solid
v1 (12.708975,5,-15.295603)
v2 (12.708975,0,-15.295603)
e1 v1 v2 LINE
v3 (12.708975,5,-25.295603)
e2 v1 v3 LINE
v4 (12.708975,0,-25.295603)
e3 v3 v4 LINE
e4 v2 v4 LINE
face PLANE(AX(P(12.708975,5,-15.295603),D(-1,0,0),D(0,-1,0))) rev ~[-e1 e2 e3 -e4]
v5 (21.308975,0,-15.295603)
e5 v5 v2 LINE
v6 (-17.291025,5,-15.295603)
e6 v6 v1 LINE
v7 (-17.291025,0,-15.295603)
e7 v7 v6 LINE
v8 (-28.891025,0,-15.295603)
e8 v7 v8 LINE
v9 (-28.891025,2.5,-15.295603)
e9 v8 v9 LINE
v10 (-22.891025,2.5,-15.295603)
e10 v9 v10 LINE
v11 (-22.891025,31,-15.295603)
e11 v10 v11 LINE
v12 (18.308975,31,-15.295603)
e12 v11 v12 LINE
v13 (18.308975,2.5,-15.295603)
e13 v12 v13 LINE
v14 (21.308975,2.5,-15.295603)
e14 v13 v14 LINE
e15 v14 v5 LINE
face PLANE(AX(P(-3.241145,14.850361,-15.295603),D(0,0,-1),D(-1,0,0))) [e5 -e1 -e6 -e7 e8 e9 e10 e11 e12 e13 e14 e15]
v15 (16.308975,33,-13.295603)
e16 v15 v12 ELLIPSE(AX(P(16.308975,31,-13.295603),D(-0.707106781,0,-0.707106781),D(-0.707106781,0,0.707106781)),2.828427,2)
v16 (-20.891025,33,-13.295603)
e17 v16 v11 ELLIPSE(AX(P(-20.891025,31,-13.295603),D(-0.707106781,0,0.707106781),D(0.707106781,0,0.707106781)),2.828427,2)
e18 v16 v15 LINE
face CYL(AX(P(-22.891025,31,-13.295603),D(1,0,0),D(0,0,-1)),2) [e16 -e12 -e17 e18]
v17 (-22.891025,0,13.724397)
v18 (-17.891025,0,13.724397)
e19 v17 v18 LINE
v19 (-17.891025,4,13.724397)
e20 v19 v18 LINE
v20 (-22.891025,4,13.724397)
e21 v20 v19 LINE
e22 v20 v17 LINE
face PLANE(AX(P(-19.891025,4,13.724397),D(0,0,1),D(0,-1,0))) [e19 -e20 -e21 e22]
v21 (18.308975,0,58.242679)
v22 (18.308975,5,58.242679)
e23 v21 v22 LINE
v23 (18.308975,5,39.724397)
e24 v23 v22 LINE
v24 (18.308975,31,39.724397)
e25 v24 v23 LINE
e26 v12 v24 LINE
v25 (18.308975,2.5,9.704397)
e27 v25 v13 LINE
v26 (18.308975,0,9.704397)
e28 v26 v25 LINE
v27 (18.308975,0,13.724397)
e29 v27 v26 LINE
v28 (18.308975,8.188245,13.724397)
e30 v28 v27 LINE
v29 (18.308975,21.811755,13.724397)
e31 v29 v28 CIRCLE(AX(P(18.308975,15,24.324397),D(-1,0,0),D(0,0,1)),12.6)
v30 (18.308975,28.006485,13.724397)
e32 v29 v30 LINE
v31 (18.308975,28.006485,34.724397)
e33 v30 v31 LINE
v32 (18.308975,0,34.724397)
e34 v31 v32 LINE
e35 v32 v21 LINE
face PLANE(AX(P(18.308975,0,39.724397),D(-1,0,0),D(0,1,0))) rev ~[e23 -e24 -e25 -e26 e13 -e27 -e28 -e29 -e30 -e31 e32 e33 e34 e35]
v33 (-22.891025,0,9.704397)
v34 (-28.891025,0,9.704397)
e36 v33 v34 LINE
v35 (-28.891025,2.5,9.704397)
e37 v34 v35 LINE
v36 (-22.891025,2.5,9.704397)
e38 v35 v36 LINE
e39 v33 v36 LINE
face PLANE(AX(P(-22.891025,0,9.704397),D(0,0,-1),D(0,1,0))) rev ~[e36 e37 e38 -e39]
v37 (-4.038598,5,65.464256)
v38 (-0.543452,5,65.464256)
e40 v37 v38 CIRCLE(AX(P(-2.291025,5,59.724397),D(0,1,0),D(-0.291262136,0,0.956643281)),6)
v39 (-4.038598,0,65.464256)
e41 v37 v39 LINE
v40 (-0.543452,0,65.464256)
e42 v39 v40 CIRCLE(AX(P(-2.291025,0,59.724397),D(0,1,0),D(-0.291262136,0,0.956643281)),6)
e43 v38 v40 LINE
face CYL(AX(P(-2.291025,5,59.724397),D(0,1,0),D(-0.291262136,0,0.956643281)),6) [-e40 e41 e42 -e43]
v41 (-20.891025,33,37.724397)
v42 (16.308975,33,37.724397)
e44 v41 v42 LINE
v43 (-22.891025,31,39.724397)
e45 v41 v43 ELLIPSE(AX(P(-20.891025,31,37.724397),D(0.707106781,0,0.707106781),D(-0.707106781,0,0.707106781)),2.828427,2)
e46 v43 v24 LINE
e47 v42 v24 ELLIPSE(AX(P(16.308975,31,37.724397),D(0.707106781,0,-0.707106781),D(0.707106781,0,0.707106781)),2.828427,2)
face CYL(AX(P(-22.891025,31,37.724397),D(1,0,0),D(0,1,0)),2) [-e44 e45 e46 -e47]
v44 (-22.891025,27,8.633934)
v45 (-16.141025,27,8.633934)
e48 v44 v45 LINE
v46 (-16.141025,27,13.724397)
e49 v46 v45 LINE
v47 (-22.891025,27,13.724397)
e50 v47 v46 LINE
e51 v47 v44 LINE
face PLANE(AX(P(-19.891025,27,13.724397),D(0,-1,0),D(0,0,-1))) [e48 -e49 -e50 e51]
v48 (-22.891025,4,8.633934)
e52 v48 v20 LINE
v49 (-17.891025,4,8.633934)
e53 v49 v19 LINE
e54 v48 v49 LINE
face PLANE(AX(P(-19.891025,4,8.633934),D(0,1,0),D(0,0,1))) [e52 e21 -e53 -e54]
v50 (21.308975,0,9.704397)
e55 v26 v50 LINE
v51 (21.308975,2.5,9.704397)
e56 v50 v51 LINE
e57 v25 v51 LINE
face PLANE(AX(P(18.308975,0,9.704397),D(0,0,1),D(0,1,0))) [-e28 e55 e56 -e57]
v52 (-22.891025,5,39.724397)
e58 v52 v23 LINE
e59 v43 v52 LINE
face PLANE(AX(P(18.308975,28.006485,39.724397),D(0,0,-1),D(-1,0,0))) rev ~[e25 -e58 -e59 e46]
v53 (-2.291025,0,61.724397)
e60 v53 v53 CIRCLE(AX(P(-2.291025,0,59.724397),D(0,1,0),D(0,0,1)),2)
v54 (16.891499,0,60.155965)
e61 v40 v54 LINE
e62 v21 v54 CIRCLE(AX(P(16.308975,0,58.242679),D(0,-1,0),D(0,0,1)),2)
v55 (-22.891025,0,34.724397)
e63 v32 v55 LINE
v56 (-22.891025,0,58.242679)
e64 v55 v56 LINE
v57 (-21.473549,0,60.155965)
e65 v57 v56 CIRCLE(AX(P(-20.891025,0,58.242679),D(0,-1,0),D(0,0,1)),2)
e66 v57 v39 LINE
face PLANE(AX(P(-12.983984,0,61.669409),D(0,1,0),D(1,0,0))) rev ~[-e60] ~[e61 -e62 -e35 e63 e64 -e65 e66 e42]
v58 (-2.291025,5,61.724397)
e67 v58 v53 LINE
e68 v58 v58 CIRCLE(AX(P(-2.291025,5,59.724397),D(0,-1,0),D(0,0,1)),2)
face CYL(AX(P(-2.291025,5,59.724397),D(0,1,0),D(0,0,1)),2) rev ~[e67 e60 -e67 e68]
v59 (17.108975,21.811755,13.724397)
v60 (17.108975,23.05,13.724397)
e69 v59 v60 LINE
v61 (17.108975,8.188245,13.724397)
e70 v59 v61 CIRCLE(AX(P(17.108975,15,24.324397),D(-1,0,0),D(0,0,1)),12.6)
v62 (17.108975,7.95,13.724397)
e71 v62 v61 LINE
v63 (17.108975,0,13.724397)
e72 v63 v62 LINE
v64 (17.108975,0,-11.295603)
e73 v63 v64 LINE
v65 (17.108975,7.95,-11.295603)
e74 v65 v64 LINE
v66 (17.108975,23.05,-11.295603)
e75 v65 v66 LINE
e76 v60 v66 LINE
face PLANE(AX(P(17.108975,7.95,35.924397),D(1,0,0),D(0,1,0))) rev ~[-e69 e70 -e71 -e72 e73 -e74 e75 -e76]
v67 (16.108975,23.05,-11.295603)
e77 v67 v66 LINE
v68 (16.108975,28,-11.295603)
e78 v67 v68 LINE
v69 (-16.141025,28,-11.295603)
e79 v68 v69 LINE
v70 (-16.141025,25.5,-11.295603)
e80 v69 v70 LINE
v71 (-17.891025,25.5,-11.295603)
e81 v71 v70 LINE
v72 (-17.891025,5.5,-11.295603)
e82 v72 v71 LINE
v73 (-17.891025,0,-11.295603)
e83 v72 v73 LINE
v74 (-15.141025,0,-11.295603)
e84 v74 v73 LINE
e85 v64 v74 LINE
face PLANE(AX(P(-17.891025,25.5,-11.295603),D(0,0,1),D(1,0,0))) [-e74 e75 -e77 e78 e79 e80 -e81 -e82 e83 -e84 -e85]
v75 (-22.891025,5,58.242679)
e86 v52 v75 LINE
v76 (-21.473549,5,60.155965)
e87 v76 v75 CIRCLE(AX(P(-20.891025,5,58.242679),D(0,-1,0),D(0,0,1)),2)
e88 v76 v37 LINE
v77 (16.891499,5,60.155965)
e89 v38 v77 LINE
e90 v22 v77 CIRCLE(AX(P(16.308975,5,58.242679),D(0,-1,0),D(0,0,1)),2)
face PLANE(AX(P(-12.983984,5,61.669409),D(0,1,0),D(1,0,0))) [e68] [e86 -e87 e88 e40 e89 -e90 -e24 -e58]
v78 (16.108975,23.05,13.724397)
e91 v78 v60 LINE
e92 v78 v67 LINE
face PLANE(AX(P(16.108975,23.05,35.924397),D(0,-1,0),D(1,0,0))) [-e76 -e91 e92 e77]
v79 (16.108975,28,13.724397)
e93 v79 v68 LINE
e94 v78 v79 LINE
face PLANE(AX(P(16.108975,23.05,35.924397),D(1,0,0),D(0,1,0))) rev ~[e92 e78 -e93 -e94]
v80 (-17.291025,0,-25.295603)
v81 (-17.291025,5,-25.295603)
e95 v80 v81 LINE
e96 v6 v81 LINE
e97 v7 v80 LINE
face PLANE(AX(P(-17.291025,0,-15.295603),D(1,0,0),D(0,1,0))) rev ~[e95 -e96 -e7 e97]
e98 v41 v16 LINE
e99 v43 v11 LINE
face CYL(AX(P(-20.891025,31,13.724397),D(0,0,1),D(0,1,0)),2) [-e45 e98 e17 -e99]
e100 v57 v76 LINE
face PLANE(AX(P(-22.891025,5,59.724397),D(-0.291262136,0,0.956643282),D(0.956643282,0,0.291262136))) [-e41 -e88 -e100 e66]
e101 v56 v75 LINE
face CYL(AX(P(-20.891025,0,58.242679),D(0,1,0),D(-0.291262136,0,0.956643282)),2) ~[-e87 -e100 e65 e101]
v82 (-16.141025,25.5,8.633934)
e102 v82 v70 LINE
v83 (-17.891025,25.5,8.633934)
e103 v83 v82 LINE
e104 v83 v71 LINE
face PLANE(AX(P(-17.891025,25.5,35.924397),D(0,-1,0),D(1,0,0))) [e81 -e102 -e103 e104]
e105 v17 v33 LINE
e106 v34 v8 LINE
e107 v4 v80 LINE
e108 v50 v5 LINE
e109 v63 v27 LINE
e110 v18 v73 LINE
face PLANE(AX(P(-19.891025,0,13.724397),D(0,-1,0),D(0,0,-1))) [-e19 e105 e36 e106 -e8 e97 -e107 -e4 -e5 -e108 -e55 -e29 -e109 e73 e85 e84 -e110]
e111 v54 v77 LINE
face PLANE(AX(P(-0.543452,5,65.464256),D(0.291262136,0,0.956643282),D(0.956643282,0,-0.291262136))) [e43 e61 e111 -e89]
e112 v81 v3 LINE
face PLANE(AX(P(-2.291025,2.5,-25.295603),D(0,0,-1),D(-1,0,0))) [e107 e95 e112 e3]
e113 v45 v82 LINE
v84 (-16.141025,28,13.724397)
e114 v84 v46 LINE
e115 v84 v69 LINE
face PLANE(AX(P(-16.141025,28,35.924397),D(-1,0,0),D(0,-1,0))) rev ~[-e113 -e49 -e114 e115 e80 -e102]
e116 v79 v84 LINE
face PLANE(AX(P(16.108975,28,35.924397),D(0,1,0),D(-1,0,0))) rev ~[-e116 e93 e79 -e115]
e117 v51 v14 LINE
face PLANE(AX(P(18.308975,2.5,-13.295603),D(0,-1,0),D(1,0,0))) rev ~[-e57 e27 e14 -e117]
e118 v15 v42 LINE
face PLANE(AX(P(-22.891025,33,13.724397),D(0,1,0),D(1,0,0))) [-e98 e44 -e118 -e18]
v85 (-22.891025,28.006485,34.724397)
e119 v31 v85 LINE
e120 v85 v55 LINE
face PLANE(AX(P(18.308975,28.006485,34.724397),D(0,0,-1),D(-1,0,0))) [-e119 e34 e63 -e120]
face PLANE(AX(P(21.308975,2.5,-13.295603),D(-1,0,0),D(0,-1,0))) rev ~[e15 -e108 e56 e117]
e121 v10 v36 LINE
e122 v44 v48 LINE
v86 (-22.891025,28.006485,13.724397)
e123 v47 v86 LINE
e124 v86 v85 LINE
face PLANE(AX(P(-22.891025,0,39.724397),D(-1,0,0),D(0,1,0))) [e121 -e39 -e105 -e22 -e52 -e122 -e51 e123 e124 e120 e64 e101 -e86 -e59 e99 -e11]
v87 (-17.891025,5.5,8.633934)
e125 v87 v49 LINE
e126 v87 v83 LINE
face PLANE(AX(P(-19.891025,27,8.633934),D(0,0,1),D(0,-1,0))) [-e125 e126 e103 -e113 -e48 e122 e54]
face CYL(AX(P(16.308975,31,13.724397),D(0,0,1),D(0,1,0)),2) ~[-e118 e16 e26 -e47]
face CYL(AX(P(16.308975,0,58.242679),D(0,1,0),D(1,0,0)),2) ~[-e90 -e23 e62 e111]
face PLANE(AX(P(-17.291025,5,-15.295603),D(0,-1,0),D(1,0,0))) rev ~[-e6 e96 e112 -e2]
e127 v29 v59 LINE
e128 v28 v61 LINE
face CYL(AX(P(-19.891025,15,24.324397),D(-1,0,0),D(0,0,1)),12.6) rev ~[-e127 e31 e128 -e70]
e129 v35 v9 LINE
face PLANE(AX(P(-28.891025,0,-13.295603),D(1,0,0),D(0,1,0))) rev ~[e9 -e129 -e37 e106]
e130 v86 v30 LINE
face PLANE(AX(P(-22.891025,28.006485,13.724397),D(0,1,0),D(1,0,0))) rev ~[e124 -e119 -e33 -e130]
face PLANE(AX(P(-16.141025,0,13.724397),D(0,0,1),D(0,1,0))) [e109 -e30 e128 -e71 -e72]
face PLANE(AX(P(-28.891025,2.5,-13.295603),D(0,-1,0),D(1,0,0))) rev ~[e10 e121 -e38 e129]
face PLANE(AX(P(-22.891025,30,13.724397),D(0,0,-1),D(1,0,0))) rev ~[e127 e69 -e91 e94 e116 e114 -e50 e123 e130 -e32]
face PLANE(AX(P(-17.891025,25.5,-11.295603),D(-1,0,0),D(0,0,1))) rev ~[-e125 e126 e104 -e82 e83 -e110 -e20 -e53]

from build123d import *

# Parameters (mm, degrees)
SKETCH1_W            = 39
SKETCH1_H            = 49.22
BOSS_EXTRUDE2_DEPTH  = 30
SKETCH3_W            = 1.75
SKETCH3_H            = 20
SKETCH3_W_2          = 1
SKETCH3_H_2          = 15.1
CUT_EXTRUDE3_DEPTH   = 47.22
CUT_EXTRUDE4_DEPTH   = 47.22
CUT_EXTRUDE5_DEPTH   = 3.75
SKETCH9_W            = 22.2
SKETCH9_H            = 30
CUT_EXTRUDE7_DEPTH   = 61.922592565
SKETCH11_W           = 0.8
SKETCH11_H           = 21.811754546
SKETCH11_H_2         = 8.188245454
CUT_EXTRUDE8_DEPTH   = 46.008146799
SKETCH12_W           = 23
SKETCH12_H           = 2.5
BOSS_EXTRUDE3_DEPTH  = 3
SKETCH13_W           = 23
SKETCH13_H           = 2.5
BOSS_EXTRUDE4_DEPTH  = 3
BOSS_EXTRUDE5_REACH  = 51.909
SKETCH14_W           = 27.02
SKETCH14_H           = 3
SKETCH15_W           = 30.25
SKETCH15_H           = 3
CUT_EXTRUDE9_DEPTH   = 25.02
SKETCH16_W           = 30.25
SKETCH16_H           = 3
CUT_EXTRUDE10_DEPTH  = 46.276919382
SKETCH24_W           = 23
SKETCH24_H           = 2.5
BOSS_EXTRUDE8_DEPTH  = 6
BOSS_EXTRUDE9_DEPTH  = 3
SKETCH26_W           = 41.2
SKETCH26_H           = 27.02
BOSS_EXTRUDE10_DEPTH = 3
SKETCH29_W           = 4.264424859
SKETCH29_H           = 26.447816837
CUT_EXTRUDE14_DEPTH  = 41.905994632
SKETCH30_W           = 3.981396999
SKETCH30_H           = 33.655588154
CUT_EXTRUDE15_DEPTH  = 40.425282457
BOSS_EXTRUDE15_DEPTH = 2
BOSS_EXTRUDE16_DEPTH = 2
SKETCH36_W           = 41.2
SKETCH36_H           = 4.993514727
BOSS_EXTRUDE17_DEPTH = 26
SKETCH37_W           = 41.2
SKETCH37_H           = 5
BOSS_EXTRUDE18_DEPTH = 28.006485273
SKETCH38_W           = 41.2
SKETCH38_H           = 5
BOSS_EXTRUDE19_DEPTH = 20
BOSS_EXTRUDE21_DEPTH = 5
SKETCH40_R           = 2
CUT_EXTRUDE16_DEPTH  = 78.060934741
FILLET1_R            = 2
BOSS_EXTRUDE22_DEPTH = 10


with BuildPart() as part:
    # Sketch1 → Boss-Extrude2 (new body)
    with BuildSketch(Plane(origin=(0, 0, 0), x_dir=(1, 0, 0), z_dir=(0, 1, 0))):
        with Locations((-0.391025069, -11.314396792)):
            Rectangle(SKETCH1_W, SKETCH1_H)
    extrude(amount=BOSS_EXTRUDE2_DEPTH)

    # Sketch3 → Cut-Extrude3 (cut)
    with BuildSketch(Plane.XY.offset(35.924396792)):
        Polygon((16.108974931, 23.05), (16.108974931, 28), (-16.141025069, 28), (-16.141025069, 25.5), (-16.141025069, 5.5), (-16.141025069, 0), (16.108974931, 0), (16.108974931, 7.95), align=None)
        with Locations((-17.016025069, 15.5)):
            Rectangle(SKETCH3_W, SKETCH3_H)
        with Locations((16.608974931, 15.5)):
            Rectangle(SKETCH3_W_2, SKETCH3_H_2)
    extrude(amount=-CUT_EXTRUDE3_DEPTH, mode=Mode.SUBTRACT)

    # Sketch7 → Cut-Extrude4 (cut)
    with BuildSketch(Plane.ZY.offset(19.891025069)):
        with BuildLine():
            ThreePointArc((11.724396792, 15), (24.324396792, 2.4), (36.924396792, 15))
            ThreePointArc((36.924396792, 15), (24.324396792, 27.6), (11.724396792, 15))
        make_face()
    extrude(amount=-CUT_EXTRUDE4_DEPTH, mode=Mode.SUBTRACT)

    # Sketch8 → Cut-Extrude5 (cut)
    with BuildSketch(Plane.ZY.offset(19.891025069)):
        with BuildLine():
            Line((35.924396792, 30), (17.633933867, 30))
            Line((17.633933867, 30), (17.633933867, 27))
            Line((17.633933867, 27), (8.633933867, 27))
            Line((8.633933867, 27), (8.633933867, 4))
            Line((8.633933867, 4), (17.633933867, 4))
            Line((17.633933867, 4), (17.633933867, 0))
            Line((17.633933867, 0), (35.924396792, 0))
            Line((35.924396792, 0), (35.924396792, 10.08065045))
            ThreePointArc((35.924396792, 10.08065045), (11.724396792, 15), (35.924396792, 19.91934955))
            Line((35.924396792, 19.91934955), (35.924396792, 30))
        make_face()
    extrude(amount=-CUT_EXTRUDE5_DEPTH, mode=Mode.SUBTRACT)

    # Sketch9 → Cut-Extrude7 (cut, through all)
    with BuildSketch(Plane(origin=(19.108974931, 0, 0), x_dir=(0, 0, -1), z_dir=(1, 0, 0))):
        with Locations((-24.824396792, 15)):
            Rectangle(SKETCH9_W, SKETCH9_H)
    extrude(amount=-CUT_EXTRUDE7_DEPTH, mode=Mode.SUBTRACT)

    # Sketch11 → Cut-Extrude8 (cut, through all)
    with BuildSketch(Plane.XY.offset(13.724396792)):
        with Locations((18.708974931, 19.094122727)):
            Rectangle(SKETCH11_W, SKETCH11_H)
        with Locations((18.708974931, 4.094122727)):
            Rectangle(SKETCH11_W, SKETCH11_H_2)
    extrude(amount=-CUT_EXTRUDE8_DEPTH, mode=Mode.SUBTRACT)

    # Sketch12 → Boss-Extrude3 (add)
    with BuildSketch(Plane(origin=(18.308974931, 0, 0), x_dir=(0, 0, -1), z_dir=(1, 0, 0))):
        with Locations((1.795603208, 1.25)):
            Rectangle(SKETCH12_W, SKETCH12_H)
    extrude(amount=BOSS_EXTRUDE3_DEPTH)

    # Sketch13 → Boss-Extrude4 (add)
    with BuildSketch(Plane.ZY.offset(19.891025069)):
        with Locations((-1.795603208, 1.25)):
            Rectangle(SKETCH13_W, SKETCH13_H)
    extrude(amount=BOSS_EXTRUDE4_DEPTH)

    # Sketch14 → Boss-Extrude5 (add, up to next)
    with BuildSketch(Plane(origin=(-16.141025069, 0, 0), x_dir=(0, 0, -1), z_dir=(1, 0, 0)), mode=Mode.PRIVATE) as boss_extrude5_sk1:
        with Locations((-0.214396792, 1.5)):
            Rectangle(SKETCH14_W, SKETCH14_H)
    boss_extrude5_tool1 = extrude(boss_extrude5_sk1.sketch, amount=BOSS_EXTRUDE5_REACH, mode=Mode.PRIVATE) - part.part
    add(boss_extrude5_tool1.solids().sort_by_distance((-16.141025, 1.5, 0.214397))[0])

    # Sketch15 → Cut-Extrude9 (cut)
    with BuildSketch(Plane.XY.offset(13.724396792)):
        with Locations((-0.016025069, 1.5)):
            Rectangle(SKETCH15_W, SKETCH15_H)
    extrude(amount=-CUT_EXTRUDE9_DEPTH, mode=Mode.SUBTRACT)

    # Sketch16 → Cut-Extrude10 (cut, through all)
    with BuildSketch(Plane.XY.offset(-11.295603208)):
        with Locations((-0.016025069, 1.5)):
            Rectangle(SKETCH16_W, SKETCH16_H)
    extrude(amount=-CUT_EXTRUDE10_DEPTH, mode=Mode.SUBTRACT)

    # Sketch24 → Boss-Extrude8 (add)
    with BuildSketch(Plane.ZY.offset(22.891025069)):
        with Locations((-1.795603208, 1.25)):
            Rectangle(SKETCH24_W, SKETCH24_H)
    extrude(amount=BOSS_EXTRUDE8_DEPTH)

    # Sketch25 → Boss-Extrude9 (add)
    with BuildSketch(Plane.ZY.offset(19.891025069)):
        Polygon((-13.295603208, 30), (13.724396792, 30), (13.724396792, 27), (8.633933867, 27), (8.633933867, 4), (13.724396792, 4), (13.724396792, 0), (9.704396792, 0), (9.704396792, 2.5), (-13.295603208, 2.5), align=None)
    extrude(amount=BOSS_EXTRUDE9_DEPTH)

    # Sketch26 → Boss-Extrude10 (add)
    with BuildSketch(Plane(origin=(0, 30, 0), x_dir=(1, 0, 0), z_dir=(0, 1, 0))):
        with Locations((-2.291025069, -0.214396792)):
            Rectangle(SKETCH26_W, SKETCH26_H)
    extrude(amount=BOSS_EXTRUDE10_DEPTH)

    # Sketch29 → Cut-Extrude14 (cut, through all)
    with BuildSketch(Plane.XZ.offset(-25.5)):
        with Locations((-15.75881264, 1.92830521)):
            Rectangle(SKETCH29_W, SKETCH29_H)
    extrude(amount=CUT_EXTRUDE14_DEPTH, mode=Mode.SUBTRACT)

    # Sketch30 → Cut-Extrude15 (cut, through all)
    with BuildSketch(Plane(origin=(0, 23.05, 0), x_dir=(-1, 0, 0), z_dir=(0, -1, 0))):
        with Locations((-15.118276432, -5.532190869)):
            Rectangle(SKETCH30_W, SKETCH30_H)
    extrude(amount=CUT_EXTRUDE15_DEPTH, mode=Mode.SUBTRACT)

    # Sketch34 → Boss-Extrude15 (add)
    with BuildSketch(Plane(origin=(0, 0, -13.295603208), x_dir=(-1, 0, 0), z_dir=(0, 0, -1))):
        Polygon((-18.308974931, 33), (-18.308974931, 2.5), (-21.308974931, 2.5), (-21.308974931, 0), (28.891025069, 0), (28.891025069, 2.5), (22.891025069, 2.5), (22.891025069, 33), align=None)
    extrude(amount=-BOSS_EXTRUDE15_DEPTH)

    # Sketch35 → Boss-Extrude16 (add)
    with BuildSketch(Plane(origin=(0, 0, -13.295603208), x_dir=(-1, 0, 0), z_dir=(0, 0, -1))):
        Polygon((-18.308974931, 33), (-18.308974931, 2.5), (-21.308974931, 2.5), (-21.308974931, 0), (28.891025069, 0), (28.891025069, 2.5), (22.891025069, 2.5), (22.891025069, 33), align=None)
    extrude(amount=BOSS_EXTRUDE16_DEPTH)

    # Sketch36 → Boss-Extrude17 (add)
    with BuildSketch(Plane.XY.offset(13.724396792)):
        with Locations((-2.291025069, 30.503242637)):
            Rectangle(SKETCH36_W, SKETCH36_H)
    extrude(amount=BOSS_EXTRUDE17_DEPTH)

    # Sketch37 → Boss-Extrude18 (add)
    with BuildSketch(Plane(origin=(0, 28.006485273, 0), x_dir=(-1, 0, 0), z_dir=(0, -1, 0))):
        with Locations((2.291025069, -37.224396792)):
            Rectangle(SKETCH37_W, SKETCH37_H)
    extrude(amount=BOSS_EXTRUDE18_DEPTH)

    # Sketch38 → Boss-Extrude19 (add)
    with BuildSketch(Plane.XY.offset(39.724396792)):
        with Locations((-2.291025069, 2.5)):
            Rectangle(SKETCH38_W, SKETCH38_H)
    extrude(amount=BOSS_EXTRUDE19_DEPTH)

    # Sketch39 → Boss-Extrude21 (add)
    with BuildSketch(Plane(origin=(0, 5, 0), x_dir=(1, 0, 0), z_dir=(0, 1, 0))):
        with BuildLine():
            Line((-8.291025069, -59.724396792), (-22.891025069, -59.724396792))
            Line((-22.891025069, -59.724396792), (-4.038597885, -65.464256481))
            ThreePointArc((-4.038597885, -65.464256481), (-7.112095329, -63.296130482), (-8.291025069, -59.724396792))
        make_face()
        with BuildLine():
            ThreePointArc((-8.291025069, -59.724396792), (-7.112095329, -63.296130482), (-4.038597885, -65.464256481))
            ThreePointArc((-4.038597885, -65.464256481), (-2.291025069, -65.724396792), (-0.543452254, -65.464256481))
            ThreePointArc((-0.543452254, -65.464256481), (2.53004519, -63.296130482), (3.708974931, -59.724396792))
            Line((3.708974931, -59.724396792), (-0.291025069, -59.724396792))
            ThreePointArc((-0.291025069, -59.724396792), (-2.291025069, -61.724396792), (-4.291025069, -59.724396792))
            Line((-4.291025069, -59.724396792), (-8.291025069, -59.724396792))
        make_face()
        with BuildLine():
            ThreePointArc((3.708974931, -59.724396792), (-2.291025069, -53.724396792), (-8.291025069, -59.724396792))
            Line((-8.291025069, -59.724396792), (-4.291025069, -59.724396792))
            ThreePointArc((-4.291025069, -59.724396792), (-2.291025069, -57.724396792), (-0.291025069, -59.724396792))
            Line((-0.291025069, -59.724396792), (3.708974931, -59.724396792))
        make_face()
        with BuildLine():
            ThreePointArc((3.708974931, -59.724396792), (2.53004519, -63.296130482), (-0.543452254, -65.464256481))
            Line((-0.543452254, -65.464256481), (18.308974931, -59.724396792))
            Line((18.308974931, -59.724396792), (3.708974931, -59.724396792))
        make_face()
    extrude(amount=-BOSS_EXTRUDE21_DEPTH)

    # Sketch40 → Cut-Extrude16 (cut, through all)
    with BuildSketch(Plane(origin=(0, 5, 0), x_dir=(1, 0, 0), z_dir=(0, 1, 0))):
        with Locations(Location((-2.291025069, -59.724396792, 0), (0, 0, 270))):
            Circle(SKETCH40_R)
    extrude(amount=-CUT_EXTRUDE16_DEPTH, mode=Mode.SUBTRACT)

    # Fillet1
    fillet1_edges = [part.edges().sort_by_distance(p)[0] for p in [
        (-22.891025069, 33, 12.214396792),
        (18.308974931, 33, 12.214396792),
        (-2.291025069, 33, -15.295603208),
        (-2.291025069, 33, 39.724396792),
        (-22.891025069, 2.5, 59.724396792),
        (18.308974931, 2.5, 59.724396792),
    ]]
    fillet(fillet1_edges, radius=FILLET1_R)

    # Sketch41 → Boss-Extrude22 (add)
    with BuildSketch(Plane(origin=(0, 0, -15.295603208), x_dir=(-1, 0, 0), z_dir=(0, 0, -1))):
        Polygon((17.291025069, 5), (2.291025069, 5), (-12.708974931, 5), (-12.708974931, 0), (2.291025069, 0), (17.291025069, 0), align=None)
    extrude(amount=BOSS_EXTRUDE22_DEPTH)


solid = part.part
